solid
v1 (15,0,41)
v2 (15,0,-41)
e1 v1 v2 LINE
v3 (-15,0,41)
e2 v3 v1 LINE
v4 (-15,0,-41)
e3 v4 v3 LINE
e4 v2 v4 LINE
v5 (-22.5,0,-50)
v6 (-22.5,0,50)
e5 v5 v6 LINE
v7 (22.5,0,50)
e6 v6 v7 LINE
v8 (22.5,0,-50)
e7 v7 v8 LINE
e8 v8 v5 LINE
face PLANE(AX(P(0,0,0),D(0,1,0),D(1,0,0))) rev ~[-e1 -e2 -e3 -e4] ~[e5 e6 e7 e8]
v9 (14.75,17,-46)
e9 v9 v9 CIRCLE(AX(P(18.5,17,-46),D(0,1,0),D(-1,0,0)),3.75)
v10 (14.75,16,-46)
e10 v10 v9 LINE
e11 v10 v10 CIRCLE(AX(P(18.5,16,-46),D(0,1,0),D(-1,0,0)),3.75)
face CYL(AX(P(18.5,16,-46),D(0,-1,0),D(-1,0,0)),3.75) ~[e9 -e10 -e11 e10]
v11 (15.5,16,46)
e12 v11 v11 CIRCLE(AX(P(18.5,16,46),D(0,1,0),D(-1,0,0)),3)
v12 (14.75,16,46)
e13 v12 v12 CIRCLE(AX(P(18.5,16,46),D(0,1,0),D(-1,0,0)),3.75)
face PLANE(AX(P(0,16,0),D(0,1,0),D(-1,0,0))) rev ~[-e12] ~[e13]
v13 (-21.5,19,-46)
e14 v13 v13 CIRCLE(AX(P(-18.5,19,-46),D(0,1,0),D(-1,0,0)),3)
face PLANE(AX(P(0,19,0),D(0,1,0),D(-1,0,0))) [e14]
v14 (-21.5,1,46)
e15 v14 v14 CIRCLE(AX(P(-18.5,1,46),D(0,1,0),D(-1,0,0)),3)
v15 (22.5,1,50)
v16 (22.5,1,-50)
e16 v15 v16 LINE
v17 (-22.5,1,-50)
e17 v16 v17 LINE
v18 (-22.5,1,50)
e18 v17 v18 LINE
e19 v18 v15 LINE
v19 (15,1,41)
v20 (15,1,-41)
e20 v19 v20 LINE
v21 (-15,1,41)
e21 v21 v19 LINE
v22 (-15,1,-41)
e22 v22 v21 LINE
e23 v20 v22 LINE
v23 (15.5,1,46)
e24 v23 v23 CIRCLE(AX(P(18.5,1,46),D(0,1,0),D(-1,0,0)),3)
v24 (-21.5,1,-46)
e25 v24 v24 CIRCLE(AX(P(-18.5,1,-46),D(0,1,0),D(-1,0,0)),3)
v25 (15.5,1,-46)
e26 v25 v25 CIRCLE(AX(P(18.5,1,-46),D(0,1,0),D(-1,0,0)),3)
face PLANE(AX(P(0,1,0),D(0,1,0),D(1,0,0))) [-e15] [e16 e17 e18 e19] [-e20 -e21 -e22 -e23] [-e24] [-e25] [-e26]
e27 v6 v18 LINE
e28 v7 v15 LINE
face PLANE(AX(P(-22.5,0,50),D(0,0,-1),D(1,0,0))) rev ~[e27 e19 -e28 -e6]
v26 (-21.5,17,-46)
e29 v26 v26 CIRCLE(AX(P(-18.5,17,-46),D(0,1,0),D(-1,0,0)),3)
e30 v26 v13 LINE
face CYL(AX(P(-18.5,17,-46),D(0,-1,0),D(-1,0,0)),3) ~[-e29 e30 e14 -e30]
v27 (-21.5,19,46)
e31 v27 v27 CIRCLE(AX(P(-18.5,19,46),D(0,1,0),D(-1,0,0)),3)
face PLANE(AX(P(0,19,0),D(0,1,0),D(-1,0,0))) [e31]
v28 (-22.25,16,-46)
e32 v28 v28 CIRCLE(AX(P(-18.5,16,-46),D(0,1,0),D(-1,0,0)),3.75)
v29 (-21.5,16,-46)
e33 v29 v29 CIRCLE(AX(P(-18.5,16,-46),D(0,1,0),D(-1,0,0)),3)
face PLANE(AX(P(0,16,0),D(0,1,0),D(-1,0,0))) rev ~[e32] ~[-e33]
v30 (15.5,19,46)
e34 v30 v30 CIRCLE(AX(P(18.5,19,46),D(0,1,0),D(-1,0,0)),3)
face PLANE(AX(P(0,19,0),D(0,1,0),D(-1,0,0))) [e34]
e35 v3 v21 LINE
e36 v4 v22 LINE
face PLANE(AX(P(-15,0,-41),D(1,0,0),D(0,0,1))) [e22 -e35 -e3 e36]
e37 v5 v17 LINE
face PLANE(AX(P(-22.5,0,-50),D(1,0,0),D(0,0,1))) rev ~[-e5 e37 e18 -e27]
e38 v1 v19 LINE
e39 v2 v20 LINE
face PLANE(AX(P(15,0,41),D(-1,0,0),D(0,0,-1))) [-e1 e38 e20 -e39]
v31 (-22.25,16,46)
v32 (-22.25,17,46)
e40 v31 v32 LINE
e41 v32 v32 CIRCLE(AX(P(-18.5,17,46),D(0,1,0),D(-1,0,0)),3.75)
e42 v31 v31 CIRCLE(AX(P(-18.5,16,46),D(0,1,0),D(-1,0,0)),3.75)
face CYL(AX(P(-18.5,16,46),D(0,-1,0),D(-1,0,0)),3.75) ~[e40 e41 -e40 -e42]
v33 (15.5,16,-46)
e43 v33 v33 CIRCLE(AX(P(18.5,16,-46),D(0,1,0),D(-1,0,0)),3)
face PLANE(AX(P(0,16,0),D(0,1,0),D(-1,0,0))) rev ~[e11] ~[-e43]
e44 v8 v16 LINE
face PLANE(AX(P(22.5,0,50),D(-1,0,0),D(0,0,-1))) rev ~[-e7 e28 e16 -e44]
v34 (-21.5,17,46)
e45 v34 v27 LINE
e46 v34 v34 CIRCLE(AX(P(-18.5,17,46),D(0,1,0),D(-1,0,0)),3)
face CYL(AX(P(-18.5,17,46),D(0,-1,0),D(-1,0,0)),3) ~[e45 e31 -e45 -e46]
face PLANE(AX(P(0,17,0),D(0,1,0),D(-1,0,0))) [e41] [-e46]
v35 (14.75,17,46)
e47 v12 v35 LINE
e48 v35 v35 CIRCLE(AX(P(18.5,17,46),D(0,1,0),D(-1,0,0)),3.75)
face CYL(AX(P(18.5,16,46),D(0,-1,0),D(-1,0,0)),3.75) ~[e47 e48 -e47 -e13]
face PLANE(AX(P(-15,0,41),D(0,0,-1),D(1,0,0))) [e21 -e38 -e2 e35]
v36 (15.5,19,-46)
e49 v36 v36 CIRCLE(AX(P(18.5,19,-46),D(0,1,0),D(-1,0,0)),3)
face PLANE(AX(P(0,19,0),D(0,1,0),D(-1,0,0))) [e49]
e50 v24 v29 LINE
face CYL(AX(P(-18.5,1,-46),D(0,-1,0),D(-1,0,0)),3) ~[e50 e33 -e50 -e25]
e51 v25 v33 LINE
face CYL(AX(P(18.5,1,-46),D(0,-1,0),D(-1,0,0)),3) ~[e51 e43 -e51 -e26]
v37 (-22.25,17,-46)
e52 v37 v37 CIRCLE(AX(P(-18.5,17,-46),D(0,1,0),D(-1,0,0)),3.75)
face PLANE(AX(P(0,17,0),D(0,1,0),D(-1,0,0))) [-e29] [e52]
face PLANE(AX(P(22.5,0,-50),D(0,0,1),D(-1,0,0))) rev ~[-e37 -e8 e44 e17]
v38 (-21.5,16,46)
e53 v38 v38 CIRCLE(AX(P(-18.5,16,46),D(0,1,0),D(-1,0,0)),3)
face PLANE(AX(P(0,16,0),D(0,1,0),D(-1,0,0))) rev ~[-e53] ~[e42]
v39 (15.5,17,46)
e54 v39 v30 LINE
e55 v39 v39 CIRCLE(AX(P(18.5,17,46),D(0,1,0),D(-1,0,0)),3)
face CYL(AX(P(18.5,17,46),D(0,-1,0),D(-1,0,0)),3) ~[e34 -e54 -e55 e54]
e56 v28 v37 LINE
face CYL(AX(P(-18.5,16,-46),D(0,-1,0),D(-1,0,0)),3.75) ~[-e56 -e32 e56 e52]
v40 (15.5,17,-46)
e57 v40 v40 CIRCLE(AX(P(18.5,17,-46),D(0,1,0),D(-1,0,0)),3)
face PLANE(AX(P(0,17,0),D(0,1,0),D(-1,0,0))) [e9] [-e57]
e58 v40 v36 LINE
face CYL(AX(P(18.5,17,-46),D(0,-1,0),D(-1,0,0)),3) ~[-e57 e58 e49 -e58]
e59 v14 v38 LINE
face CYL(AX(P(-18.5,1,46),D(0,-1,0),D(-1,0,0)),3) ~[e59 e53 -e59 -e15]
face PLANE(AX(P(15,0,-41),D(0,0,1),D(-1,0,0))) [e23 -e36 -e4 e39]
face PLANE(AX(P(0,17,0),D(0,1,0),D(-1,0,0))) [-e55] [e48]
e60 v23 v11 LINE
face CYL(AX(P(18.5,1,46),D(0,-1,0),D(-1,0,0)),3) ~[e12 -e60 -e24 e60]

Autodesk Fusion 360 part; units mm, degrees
sketch "Sketch1" plane through (0, 0, 0) normal (0, 1, 0) x (1, 0, 0)
  line L0 (22.5, 50) -> (-22.5, 50)
  line L1 (-22.5, 50) -> (-22.5, -50)
  line L2 (-22.5, -50) -> (22.5, -50)
  line L3 (22.5, -50) -> (22.5, 50)
  line L4 (22.5, 50) -> (-22.5, -50) construction
  line L5 (-22.5, 50) -> (22.5, -50) construction
  line L6 (15, 41) -> (-15, 41)
  line L7 (-15, 41) -> (-15, -41)
  line L8 (-15, -41) -> (15, -41)
  line L9 (15, -41) -> (15, 41)
  line L10 (15, 41) -> (-15, -41) construction
  line L11 (-15, 41) -> (15, -41) construction
  dimension "d1" = 45
  dimension "d2" = 100
  dimension "d3" = 30
  dimension "d4" = 82
extrude "Extrude1" add sketch "Sketch1" along normal blind 1
sketch "Sketch2" plane through (0, 1, 0) normal (0, 1, 0) x (-1, 0, 0)
  line L0 (-15, -41) -> (-15, 41)
  line L1 (-15, 41) -> (15, 41)
  line L2 (15, 41) -> (15, -41)
  line L3 (15, -41) -> (-15, -41)
  line L4 (-22.5, 50) -> (-22.5, -50)
  line L5 (-22.5, -50) -> (22.5, -50)
  line L6 (22.5, -50) -> (22.5, 50)
  line L7 (22.5, 50) -> (-22.5, 50)
  circle A0 centre (18.5, -46) radius 3
  circle A1 centre (-18.5, -46) radius 3
  circle A2 centre (-18.5, 46) radius 3
  circle A3 centre (18.5, 46) radius 3
  dimension "d7" = 6
  dimension "d8" = 4
  dimension "d9" = 4
  dimension "d10" = 6
  dimension "d11" = 4
  dimension "d12" = 4
  dimension "d13" = 6
  dimension "d14" = 4
  dimension "d15" = 4
  dimension "d16" = 6
  dimension "d17" = 4
  dimension "d18" = 4
extrude "Extrude2" add sketch "Sketch2" along normal blind 15 contours A0 | A1 | A2 | A3
sketch "Sketch3" plane through (0, 16, 0) normal (0, 1, 0) x (-1, 0, 0)
  circle A0 centre (18.5, -46) radius 3
  circle A1 centre (18.5, -46) radius 3.75
  circle A2 centre (-18.5, -46) radius 3.75
  circle A3 centre (-18.5, -46) radius 3
  circle A4 centre (18.5, 46) radius 3.75
  circle A5 centre (18.5, 46) radius 3
  circle A6 centre (-18.5, 46) radius 3.75
  circle A7 centre (-18.5, 46) radius 3
  dimension "d21" = 7.5
  dimension "d22" = 7.5
  dimension "d23" = 7.5
  dimension "d24" = 7.5
extrude "Extrude3" add sketch "Sketch3" along normal blind 1 contours A0 | A1 | A2 | A3 | A4 | A5 | A6 | A7
sketch "Sketch4" plane through (0, 17, 0) normal (0, 1, 0) x (-1, 0, 0)
  circle A0 centre (-18.5, -46) radius 3.75
  circle A1 centre (-18.5, -46) radius 3
  circle A2 centre (18.5, -46) radius 3
  circle A3 centre (18.5, -46) radius 3.75
  circle A4 centre (-18.5, 46) radius 3
  circle A5 centre (-18.5, 46) radius 3.75
  circle A6 centre (18.5, 46) radius 3
  circle A7 centre (18.5, 46) radius 3.75
  dimension "d27" = 6
  dimension "d28" = 6
  dimension "d29" = 6
  dimension "d30" = 6
extrude "Extrude4" add sketch "Sketch4" along normal blind 2 contours A1 | A2 | A4 | A6
